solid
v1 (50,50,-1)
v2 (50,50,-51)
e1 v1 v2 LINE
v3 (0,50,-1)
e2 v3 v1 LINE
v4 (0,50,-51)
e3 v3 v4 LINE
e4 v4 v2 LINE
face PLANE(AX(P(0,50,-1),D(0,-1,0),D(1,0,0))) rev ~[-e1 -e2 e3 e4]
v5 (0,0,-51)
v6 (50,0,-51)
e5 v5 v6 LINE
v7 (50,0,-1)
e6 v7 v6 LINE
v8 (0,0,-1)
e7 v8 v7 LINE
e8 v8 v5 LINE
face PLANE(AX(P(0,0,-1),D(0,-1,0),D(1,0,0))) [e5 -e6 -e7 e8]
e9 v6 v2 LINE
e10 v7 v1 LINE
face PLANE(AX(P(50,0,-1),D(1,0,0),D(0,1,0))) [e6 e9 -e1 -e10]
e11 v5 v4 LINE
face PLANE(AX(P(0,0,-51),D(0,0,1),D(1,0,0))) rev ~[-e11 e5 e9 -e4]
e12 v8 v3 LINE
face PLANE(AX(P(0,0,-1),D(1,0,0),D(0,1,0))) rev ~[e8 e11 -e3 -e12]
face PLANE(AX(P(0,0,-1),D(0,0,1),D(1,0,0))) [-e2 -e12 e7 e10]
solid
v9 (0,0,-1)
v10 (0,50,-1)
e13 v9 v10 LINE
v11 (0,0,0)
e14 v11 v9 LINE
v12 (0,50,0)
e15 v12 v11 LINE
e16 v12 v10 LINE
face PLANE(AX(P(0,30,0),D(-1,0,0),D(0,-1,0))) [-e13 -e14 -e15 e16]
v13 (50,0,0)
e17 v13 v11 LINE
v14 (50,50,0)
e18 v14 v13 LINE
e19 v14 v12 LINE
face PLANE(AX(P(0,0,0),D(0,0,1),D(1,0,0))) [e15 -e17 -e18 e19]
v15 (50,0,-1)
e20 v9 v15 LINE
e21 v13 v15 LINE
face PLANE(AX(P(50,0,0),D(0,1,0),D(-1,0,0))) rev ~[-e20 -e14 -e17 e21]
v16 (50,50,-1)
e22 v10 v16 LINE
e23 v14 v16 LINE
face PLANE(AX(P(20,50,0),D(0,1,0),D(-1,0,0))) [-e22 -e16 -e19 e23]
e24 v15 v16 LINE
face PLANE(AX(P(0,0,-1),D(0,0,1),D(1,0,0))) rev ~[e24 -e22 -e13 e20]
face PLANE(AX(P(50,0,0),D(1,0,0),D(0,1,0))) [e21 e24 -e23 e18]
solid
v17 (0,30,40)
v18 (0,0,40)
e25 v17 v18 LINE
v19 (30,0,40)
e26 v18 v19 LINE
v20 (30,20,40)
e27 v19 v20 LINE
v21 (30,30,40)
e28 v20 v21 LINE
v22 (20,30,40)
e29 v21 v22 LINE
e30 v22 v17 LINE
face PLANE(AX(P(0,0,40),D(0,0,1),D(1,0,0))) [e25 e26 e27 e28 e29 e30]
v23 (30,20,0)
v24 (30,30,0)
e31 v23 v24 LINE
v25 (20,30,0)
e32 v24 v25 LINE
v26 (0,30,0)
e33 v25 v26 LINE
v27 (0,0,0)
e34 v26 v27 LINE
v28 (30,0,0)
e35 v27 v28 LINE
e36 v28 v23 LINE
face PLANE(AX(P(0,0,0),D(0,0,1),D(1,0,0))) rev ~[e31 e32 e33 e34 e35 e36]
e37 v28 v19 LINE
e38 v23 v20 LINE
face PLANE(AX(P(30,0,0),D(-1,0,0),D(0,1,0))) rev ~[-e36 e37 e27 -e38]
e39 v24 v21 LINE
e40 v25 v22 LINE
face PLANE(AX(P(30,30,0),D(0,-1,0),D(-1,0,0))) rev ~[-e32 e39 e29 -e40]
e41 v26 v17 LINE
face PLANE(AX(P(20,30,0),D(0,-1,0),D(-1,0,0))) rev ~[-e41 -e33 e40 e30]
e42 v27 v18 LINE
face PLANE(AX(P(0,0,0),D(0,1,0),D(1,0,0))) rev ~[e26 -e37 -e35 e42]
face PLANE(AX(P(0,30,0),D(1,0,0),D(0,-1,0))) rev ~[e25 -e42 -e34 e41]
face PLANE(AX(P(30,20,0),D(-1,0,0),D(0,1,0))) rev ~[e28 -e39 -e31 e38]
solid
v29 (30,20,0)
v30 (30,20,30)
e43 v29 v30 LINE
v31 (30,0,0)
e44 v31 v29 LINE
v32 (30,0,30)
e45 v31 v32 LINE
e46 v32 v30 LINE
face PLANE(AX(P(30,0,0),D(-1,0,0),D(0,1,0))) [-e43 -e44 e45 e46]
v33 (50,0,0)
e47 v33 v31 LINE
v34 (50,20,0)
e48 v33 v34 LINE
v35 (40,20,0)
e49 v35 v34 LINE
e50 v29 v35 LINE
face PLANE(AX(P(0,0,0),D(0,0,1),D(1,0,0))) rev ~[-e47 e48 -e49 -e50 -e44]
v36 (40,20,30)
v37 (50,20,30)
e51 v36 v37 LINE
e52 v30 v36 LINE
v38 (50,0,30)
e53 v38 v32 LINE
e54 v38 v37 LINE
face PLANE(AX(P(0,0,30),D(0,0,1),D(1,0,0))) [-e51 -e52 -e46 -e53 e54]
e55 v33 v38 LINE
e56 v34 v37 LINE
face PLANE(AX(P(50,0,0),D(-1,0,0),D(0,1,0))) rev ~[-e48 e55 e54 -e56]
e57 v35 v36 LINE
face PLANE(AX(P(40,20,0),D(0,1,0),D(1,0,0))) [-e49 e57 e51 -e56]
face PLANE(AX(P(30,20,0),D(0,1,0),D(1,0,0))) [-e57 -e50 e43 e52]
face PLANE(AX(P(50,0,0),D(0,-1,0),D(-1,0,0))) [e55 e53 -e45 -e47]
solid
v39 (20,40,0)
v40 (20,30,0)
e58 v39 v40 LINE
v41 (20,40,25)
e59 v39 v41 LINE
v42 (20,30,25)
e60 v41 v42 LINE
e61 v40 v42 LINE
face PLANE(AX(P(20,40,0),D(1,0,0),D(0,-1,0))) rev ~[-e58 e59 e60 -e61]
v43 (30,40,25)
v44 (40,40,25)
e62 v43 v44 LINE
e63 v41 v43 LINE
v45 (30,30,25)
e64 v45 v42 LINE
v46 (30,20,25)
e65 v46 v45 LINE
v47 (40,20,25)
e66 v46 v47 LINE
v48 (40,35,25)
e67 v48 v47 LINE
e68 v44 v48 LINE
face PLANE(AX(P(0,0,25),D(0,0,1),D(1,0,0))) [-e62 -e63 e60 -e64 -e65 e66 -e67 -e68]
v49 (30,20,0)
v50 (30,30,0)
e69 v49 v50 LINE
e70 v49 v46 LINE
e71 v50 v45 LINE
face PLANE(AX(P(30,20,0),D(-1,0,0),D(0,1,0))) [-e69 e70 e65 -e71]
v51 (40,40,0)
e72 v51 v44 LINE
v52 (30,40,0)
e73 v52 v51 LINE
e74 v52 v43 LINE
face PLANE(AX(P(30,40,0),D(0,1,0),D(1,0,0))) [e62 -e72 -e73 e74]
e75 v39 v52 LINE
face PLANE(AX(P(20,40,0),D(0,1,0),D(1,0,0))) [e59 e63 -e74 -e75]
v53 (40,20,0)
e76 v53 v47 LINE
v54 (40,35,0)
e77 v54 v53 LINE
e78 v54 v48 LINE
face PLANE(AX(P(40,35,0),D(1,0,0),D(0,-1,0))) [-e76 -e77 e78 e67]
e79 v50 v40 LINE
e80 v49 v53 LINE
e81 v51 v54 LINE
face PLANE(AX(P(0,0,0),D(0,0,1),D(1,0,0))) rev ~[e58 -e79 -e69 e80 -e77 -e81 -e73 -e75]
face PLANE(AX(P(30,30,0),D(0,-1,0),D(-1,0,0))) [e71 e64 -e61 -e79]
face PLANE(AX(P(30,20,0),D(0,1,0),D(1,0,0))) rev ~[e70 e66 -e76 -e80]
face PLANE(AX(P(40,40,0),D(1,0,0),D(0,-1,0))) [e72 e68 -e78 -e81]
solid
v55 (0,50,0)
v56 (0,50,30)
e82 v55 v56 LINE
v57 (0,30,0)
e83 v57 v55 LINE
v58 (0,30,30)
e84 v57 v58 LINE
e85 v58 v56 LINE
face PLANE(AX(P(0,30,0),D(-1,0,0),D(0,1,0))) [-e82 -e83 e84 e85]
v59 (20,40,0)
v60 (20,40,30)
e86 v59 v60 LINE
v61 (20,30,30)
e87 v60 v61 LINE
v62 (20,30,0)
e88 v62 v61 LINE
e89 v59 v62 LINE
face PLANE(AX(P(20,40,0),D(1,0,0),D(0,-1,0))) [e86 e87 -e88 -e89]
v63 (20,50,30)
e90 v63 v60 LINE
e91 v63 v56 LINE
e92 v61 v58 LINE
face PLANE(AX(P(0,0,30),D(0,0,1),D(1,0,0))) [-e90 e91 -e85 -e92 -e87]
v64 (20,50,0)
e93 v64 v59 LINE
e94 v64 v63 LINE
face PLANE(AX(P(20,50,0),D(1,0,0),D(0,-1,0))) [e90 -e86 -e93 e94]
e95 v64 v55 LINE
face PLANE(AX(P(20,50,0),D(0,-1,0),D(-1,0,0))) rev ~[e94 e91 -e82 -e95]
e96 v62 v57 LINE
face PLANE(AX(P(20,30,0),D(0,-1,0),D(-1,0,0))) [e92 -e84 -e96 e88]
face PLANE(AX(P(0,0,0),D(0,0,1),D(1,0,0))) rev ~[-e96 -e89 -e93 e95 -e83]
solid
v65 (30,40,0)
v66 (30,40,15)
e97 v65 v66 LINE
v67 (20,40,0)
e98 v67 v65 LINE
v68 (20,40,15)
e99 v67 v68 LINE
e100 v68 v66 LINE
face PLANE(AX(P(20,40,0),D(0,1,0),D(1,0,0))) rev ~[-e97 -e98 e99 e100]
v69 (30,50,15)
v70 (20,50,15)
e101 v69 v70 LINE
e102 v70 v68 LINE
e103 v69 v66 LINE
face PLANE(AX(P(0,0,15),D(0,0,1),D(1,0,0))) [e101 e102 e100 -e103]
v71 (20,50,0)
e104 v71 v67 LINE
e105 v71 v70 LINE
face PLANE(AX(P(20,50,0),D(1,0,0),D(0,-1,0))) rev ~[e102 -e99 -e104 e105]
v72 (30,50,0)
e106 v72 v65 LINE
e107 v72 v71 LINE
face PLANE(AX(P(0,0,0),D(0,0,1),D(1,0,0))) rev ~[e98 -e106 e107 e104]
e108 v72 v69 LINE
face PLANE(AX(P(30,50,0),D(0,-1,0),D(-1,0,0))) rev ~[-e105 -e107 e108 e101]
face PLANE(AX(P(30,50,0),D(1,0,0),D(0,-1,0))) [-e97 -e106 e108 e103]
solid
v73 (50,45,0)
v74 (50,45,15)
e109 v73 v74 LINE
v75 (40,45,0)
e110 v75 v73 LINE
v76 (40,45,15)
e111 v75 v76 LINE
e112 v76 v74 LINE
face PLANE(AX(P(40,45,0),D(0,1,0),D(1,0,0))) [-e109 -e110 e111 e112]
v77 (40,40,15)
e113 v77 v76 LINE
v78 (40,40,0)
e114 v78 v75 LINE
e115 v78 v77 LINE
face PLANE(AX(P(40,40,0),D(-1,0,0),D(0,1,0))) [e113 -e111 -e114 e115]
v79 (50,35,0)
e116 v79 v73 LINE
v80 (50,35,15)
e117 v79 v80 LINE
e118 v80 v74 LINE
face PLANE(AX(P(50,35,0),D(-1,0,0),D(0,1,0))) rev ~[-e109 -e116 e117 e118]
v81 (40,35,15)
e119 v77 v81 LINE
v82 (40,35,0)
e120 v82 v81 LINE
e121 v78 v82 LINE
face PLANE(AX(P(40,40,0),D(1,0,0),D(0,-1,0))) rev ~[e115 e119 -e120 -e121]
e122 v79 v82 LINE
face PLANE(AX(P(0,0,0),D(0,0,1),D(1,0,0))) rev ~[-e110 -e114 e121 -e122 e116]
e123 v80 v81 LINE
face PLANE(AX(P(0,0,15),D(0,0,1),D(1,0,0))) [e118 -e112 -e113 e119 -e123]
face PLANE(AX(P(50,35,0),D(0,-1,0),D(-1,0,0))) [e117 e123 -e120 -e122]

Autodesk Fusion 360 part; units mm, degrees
sketch "Skizze1" plane through (0, 0, 0) normal (0, 0, 1) x (1, 0, 0)
  line L0 (0, 0) -> (50, 0) construction
  line L1 (50, 0) -> (50, 50)
  line L2 (50, 50) -> (0, 50)
  line L3 (0, 50) -> (0, 0) construction
  line L4 (0, 0) -> (30, 0)
  line L5 (30, 0) -> (30, 30)
  line L6 (30, 30) -> (0, 30)
  line L7 (0, 30) -> (0, 0)
  line L8 (0, 50) -> (20, 50)
  line L9 (20, 50) -> (20, 30)
  line L10 (20, 30) -> (0, 30)
  line L11 (0, 30) -> (0, 50)
  line L12 (50, 0) -> (30, 0)
  line L13 (30, 0) -> (30, 20)
  line L14 (30, 20) -> (50, 20)
  line L15 (50, 20) -> (50, 0)
  line L16 (20, 40) -> (40, 40)
  line L17 (40, 40) -> (40, 20)
  line L18 (20, 50) -> (30, 50)
  line L19 (30, 50) -> (30, 40)
  line L20 (30, 40) -> (20, 40)
  line L21 (20, 40) -> (20, 50)
  line L22 (40, 45) -> (50, 45)
  line L23 (50, 45) -> (50, 35)
  line L24 (50, 35) -> (40, 35)
  line L25 (40, 35) -> (40, 45)
extrude "Extrusion1" add sketch "Skizze1" along normal blind 40 contours L4 L5 L6 L7 L10 L13 makes body 1 in component "Component"
extrude "Extrusion1'" add sketch "Skizze1" along normal blind 30 separate body contours L1 L5 L12 L13 L14 L15 makes body 2 in component "Medium Block 1"
extrude "Extrusion1''" add sketch "Skizze1" along normal blind 30 separate body contours L2 L6 L8 L9 L10 L11 L21 makes body 3 in component "Medium Block 2#"
extrude "Extrusion1'''" add sketch "Skizze1" along normal blind 25 separate body contours L5 L6 L9 L14 L16 L17 L20 L25 makes body 4 in component "L Block"
extrude "Extrusion1''''" add sketch "Skizze1" along normal blind 15 separate body contours L2 L9 L16 L18 L19 L20 L21 makes body 5 in component "Smal Block 1"
extrude "Extrusion1'''''" add sketch "Skizze1" along normal blind 15 separate body contours L1 L17 L22 L23 L24 L25 makes body 6 in component "Smal Block 2"
extrude "Extrusion1''''''" add sketch "Skizze1" against normal blind 1 separate body makes body 7 in component "Ground"
extrude "Extrusion1'''''''" add 1 faces at (16.6667, 33.3333, -1) along direction (0, 0, -1) blind 50 separate body on bodies 7 makes body 8 in component "Ground below"
component "Component" placed x (1, 0, 0) y (0, 1, 0) z (0, 0, 1) at (0, 0, 0)
component "Medium Block 1" placed x (1, 0, 0) y (0, 1, 0) z (0, 0, 1) at (0, 0, 0)
component "Medium Block 2#" placed x (1, 0, 0) y (0, 1, 0) z (0, 0, 1) at (0, 0, 0)
component "L Block" placed x (1, 0, 0) y (0, 1, 0) z (0, 0, 1) at (0, 0, 0)
component "Smal Block 1" placed x (1, 0, 0) y (0, 1, 0) z (0, 0, 1) at (0, 0, 0)
component "Smal Block 2" placed x (1, 0, 0) y (0, 1, 0) z (0, 0, 1) at (0, 0, 0)
component "Ground" placed x (1, 0, 0) y (0, 1, 0) z (0, 0, 1) at (0, 0, 0)
component "Ground below" placed x (1, 0, 0) y (0, 1, 0) z (0, 0, 1) at (0, 0, 0)
